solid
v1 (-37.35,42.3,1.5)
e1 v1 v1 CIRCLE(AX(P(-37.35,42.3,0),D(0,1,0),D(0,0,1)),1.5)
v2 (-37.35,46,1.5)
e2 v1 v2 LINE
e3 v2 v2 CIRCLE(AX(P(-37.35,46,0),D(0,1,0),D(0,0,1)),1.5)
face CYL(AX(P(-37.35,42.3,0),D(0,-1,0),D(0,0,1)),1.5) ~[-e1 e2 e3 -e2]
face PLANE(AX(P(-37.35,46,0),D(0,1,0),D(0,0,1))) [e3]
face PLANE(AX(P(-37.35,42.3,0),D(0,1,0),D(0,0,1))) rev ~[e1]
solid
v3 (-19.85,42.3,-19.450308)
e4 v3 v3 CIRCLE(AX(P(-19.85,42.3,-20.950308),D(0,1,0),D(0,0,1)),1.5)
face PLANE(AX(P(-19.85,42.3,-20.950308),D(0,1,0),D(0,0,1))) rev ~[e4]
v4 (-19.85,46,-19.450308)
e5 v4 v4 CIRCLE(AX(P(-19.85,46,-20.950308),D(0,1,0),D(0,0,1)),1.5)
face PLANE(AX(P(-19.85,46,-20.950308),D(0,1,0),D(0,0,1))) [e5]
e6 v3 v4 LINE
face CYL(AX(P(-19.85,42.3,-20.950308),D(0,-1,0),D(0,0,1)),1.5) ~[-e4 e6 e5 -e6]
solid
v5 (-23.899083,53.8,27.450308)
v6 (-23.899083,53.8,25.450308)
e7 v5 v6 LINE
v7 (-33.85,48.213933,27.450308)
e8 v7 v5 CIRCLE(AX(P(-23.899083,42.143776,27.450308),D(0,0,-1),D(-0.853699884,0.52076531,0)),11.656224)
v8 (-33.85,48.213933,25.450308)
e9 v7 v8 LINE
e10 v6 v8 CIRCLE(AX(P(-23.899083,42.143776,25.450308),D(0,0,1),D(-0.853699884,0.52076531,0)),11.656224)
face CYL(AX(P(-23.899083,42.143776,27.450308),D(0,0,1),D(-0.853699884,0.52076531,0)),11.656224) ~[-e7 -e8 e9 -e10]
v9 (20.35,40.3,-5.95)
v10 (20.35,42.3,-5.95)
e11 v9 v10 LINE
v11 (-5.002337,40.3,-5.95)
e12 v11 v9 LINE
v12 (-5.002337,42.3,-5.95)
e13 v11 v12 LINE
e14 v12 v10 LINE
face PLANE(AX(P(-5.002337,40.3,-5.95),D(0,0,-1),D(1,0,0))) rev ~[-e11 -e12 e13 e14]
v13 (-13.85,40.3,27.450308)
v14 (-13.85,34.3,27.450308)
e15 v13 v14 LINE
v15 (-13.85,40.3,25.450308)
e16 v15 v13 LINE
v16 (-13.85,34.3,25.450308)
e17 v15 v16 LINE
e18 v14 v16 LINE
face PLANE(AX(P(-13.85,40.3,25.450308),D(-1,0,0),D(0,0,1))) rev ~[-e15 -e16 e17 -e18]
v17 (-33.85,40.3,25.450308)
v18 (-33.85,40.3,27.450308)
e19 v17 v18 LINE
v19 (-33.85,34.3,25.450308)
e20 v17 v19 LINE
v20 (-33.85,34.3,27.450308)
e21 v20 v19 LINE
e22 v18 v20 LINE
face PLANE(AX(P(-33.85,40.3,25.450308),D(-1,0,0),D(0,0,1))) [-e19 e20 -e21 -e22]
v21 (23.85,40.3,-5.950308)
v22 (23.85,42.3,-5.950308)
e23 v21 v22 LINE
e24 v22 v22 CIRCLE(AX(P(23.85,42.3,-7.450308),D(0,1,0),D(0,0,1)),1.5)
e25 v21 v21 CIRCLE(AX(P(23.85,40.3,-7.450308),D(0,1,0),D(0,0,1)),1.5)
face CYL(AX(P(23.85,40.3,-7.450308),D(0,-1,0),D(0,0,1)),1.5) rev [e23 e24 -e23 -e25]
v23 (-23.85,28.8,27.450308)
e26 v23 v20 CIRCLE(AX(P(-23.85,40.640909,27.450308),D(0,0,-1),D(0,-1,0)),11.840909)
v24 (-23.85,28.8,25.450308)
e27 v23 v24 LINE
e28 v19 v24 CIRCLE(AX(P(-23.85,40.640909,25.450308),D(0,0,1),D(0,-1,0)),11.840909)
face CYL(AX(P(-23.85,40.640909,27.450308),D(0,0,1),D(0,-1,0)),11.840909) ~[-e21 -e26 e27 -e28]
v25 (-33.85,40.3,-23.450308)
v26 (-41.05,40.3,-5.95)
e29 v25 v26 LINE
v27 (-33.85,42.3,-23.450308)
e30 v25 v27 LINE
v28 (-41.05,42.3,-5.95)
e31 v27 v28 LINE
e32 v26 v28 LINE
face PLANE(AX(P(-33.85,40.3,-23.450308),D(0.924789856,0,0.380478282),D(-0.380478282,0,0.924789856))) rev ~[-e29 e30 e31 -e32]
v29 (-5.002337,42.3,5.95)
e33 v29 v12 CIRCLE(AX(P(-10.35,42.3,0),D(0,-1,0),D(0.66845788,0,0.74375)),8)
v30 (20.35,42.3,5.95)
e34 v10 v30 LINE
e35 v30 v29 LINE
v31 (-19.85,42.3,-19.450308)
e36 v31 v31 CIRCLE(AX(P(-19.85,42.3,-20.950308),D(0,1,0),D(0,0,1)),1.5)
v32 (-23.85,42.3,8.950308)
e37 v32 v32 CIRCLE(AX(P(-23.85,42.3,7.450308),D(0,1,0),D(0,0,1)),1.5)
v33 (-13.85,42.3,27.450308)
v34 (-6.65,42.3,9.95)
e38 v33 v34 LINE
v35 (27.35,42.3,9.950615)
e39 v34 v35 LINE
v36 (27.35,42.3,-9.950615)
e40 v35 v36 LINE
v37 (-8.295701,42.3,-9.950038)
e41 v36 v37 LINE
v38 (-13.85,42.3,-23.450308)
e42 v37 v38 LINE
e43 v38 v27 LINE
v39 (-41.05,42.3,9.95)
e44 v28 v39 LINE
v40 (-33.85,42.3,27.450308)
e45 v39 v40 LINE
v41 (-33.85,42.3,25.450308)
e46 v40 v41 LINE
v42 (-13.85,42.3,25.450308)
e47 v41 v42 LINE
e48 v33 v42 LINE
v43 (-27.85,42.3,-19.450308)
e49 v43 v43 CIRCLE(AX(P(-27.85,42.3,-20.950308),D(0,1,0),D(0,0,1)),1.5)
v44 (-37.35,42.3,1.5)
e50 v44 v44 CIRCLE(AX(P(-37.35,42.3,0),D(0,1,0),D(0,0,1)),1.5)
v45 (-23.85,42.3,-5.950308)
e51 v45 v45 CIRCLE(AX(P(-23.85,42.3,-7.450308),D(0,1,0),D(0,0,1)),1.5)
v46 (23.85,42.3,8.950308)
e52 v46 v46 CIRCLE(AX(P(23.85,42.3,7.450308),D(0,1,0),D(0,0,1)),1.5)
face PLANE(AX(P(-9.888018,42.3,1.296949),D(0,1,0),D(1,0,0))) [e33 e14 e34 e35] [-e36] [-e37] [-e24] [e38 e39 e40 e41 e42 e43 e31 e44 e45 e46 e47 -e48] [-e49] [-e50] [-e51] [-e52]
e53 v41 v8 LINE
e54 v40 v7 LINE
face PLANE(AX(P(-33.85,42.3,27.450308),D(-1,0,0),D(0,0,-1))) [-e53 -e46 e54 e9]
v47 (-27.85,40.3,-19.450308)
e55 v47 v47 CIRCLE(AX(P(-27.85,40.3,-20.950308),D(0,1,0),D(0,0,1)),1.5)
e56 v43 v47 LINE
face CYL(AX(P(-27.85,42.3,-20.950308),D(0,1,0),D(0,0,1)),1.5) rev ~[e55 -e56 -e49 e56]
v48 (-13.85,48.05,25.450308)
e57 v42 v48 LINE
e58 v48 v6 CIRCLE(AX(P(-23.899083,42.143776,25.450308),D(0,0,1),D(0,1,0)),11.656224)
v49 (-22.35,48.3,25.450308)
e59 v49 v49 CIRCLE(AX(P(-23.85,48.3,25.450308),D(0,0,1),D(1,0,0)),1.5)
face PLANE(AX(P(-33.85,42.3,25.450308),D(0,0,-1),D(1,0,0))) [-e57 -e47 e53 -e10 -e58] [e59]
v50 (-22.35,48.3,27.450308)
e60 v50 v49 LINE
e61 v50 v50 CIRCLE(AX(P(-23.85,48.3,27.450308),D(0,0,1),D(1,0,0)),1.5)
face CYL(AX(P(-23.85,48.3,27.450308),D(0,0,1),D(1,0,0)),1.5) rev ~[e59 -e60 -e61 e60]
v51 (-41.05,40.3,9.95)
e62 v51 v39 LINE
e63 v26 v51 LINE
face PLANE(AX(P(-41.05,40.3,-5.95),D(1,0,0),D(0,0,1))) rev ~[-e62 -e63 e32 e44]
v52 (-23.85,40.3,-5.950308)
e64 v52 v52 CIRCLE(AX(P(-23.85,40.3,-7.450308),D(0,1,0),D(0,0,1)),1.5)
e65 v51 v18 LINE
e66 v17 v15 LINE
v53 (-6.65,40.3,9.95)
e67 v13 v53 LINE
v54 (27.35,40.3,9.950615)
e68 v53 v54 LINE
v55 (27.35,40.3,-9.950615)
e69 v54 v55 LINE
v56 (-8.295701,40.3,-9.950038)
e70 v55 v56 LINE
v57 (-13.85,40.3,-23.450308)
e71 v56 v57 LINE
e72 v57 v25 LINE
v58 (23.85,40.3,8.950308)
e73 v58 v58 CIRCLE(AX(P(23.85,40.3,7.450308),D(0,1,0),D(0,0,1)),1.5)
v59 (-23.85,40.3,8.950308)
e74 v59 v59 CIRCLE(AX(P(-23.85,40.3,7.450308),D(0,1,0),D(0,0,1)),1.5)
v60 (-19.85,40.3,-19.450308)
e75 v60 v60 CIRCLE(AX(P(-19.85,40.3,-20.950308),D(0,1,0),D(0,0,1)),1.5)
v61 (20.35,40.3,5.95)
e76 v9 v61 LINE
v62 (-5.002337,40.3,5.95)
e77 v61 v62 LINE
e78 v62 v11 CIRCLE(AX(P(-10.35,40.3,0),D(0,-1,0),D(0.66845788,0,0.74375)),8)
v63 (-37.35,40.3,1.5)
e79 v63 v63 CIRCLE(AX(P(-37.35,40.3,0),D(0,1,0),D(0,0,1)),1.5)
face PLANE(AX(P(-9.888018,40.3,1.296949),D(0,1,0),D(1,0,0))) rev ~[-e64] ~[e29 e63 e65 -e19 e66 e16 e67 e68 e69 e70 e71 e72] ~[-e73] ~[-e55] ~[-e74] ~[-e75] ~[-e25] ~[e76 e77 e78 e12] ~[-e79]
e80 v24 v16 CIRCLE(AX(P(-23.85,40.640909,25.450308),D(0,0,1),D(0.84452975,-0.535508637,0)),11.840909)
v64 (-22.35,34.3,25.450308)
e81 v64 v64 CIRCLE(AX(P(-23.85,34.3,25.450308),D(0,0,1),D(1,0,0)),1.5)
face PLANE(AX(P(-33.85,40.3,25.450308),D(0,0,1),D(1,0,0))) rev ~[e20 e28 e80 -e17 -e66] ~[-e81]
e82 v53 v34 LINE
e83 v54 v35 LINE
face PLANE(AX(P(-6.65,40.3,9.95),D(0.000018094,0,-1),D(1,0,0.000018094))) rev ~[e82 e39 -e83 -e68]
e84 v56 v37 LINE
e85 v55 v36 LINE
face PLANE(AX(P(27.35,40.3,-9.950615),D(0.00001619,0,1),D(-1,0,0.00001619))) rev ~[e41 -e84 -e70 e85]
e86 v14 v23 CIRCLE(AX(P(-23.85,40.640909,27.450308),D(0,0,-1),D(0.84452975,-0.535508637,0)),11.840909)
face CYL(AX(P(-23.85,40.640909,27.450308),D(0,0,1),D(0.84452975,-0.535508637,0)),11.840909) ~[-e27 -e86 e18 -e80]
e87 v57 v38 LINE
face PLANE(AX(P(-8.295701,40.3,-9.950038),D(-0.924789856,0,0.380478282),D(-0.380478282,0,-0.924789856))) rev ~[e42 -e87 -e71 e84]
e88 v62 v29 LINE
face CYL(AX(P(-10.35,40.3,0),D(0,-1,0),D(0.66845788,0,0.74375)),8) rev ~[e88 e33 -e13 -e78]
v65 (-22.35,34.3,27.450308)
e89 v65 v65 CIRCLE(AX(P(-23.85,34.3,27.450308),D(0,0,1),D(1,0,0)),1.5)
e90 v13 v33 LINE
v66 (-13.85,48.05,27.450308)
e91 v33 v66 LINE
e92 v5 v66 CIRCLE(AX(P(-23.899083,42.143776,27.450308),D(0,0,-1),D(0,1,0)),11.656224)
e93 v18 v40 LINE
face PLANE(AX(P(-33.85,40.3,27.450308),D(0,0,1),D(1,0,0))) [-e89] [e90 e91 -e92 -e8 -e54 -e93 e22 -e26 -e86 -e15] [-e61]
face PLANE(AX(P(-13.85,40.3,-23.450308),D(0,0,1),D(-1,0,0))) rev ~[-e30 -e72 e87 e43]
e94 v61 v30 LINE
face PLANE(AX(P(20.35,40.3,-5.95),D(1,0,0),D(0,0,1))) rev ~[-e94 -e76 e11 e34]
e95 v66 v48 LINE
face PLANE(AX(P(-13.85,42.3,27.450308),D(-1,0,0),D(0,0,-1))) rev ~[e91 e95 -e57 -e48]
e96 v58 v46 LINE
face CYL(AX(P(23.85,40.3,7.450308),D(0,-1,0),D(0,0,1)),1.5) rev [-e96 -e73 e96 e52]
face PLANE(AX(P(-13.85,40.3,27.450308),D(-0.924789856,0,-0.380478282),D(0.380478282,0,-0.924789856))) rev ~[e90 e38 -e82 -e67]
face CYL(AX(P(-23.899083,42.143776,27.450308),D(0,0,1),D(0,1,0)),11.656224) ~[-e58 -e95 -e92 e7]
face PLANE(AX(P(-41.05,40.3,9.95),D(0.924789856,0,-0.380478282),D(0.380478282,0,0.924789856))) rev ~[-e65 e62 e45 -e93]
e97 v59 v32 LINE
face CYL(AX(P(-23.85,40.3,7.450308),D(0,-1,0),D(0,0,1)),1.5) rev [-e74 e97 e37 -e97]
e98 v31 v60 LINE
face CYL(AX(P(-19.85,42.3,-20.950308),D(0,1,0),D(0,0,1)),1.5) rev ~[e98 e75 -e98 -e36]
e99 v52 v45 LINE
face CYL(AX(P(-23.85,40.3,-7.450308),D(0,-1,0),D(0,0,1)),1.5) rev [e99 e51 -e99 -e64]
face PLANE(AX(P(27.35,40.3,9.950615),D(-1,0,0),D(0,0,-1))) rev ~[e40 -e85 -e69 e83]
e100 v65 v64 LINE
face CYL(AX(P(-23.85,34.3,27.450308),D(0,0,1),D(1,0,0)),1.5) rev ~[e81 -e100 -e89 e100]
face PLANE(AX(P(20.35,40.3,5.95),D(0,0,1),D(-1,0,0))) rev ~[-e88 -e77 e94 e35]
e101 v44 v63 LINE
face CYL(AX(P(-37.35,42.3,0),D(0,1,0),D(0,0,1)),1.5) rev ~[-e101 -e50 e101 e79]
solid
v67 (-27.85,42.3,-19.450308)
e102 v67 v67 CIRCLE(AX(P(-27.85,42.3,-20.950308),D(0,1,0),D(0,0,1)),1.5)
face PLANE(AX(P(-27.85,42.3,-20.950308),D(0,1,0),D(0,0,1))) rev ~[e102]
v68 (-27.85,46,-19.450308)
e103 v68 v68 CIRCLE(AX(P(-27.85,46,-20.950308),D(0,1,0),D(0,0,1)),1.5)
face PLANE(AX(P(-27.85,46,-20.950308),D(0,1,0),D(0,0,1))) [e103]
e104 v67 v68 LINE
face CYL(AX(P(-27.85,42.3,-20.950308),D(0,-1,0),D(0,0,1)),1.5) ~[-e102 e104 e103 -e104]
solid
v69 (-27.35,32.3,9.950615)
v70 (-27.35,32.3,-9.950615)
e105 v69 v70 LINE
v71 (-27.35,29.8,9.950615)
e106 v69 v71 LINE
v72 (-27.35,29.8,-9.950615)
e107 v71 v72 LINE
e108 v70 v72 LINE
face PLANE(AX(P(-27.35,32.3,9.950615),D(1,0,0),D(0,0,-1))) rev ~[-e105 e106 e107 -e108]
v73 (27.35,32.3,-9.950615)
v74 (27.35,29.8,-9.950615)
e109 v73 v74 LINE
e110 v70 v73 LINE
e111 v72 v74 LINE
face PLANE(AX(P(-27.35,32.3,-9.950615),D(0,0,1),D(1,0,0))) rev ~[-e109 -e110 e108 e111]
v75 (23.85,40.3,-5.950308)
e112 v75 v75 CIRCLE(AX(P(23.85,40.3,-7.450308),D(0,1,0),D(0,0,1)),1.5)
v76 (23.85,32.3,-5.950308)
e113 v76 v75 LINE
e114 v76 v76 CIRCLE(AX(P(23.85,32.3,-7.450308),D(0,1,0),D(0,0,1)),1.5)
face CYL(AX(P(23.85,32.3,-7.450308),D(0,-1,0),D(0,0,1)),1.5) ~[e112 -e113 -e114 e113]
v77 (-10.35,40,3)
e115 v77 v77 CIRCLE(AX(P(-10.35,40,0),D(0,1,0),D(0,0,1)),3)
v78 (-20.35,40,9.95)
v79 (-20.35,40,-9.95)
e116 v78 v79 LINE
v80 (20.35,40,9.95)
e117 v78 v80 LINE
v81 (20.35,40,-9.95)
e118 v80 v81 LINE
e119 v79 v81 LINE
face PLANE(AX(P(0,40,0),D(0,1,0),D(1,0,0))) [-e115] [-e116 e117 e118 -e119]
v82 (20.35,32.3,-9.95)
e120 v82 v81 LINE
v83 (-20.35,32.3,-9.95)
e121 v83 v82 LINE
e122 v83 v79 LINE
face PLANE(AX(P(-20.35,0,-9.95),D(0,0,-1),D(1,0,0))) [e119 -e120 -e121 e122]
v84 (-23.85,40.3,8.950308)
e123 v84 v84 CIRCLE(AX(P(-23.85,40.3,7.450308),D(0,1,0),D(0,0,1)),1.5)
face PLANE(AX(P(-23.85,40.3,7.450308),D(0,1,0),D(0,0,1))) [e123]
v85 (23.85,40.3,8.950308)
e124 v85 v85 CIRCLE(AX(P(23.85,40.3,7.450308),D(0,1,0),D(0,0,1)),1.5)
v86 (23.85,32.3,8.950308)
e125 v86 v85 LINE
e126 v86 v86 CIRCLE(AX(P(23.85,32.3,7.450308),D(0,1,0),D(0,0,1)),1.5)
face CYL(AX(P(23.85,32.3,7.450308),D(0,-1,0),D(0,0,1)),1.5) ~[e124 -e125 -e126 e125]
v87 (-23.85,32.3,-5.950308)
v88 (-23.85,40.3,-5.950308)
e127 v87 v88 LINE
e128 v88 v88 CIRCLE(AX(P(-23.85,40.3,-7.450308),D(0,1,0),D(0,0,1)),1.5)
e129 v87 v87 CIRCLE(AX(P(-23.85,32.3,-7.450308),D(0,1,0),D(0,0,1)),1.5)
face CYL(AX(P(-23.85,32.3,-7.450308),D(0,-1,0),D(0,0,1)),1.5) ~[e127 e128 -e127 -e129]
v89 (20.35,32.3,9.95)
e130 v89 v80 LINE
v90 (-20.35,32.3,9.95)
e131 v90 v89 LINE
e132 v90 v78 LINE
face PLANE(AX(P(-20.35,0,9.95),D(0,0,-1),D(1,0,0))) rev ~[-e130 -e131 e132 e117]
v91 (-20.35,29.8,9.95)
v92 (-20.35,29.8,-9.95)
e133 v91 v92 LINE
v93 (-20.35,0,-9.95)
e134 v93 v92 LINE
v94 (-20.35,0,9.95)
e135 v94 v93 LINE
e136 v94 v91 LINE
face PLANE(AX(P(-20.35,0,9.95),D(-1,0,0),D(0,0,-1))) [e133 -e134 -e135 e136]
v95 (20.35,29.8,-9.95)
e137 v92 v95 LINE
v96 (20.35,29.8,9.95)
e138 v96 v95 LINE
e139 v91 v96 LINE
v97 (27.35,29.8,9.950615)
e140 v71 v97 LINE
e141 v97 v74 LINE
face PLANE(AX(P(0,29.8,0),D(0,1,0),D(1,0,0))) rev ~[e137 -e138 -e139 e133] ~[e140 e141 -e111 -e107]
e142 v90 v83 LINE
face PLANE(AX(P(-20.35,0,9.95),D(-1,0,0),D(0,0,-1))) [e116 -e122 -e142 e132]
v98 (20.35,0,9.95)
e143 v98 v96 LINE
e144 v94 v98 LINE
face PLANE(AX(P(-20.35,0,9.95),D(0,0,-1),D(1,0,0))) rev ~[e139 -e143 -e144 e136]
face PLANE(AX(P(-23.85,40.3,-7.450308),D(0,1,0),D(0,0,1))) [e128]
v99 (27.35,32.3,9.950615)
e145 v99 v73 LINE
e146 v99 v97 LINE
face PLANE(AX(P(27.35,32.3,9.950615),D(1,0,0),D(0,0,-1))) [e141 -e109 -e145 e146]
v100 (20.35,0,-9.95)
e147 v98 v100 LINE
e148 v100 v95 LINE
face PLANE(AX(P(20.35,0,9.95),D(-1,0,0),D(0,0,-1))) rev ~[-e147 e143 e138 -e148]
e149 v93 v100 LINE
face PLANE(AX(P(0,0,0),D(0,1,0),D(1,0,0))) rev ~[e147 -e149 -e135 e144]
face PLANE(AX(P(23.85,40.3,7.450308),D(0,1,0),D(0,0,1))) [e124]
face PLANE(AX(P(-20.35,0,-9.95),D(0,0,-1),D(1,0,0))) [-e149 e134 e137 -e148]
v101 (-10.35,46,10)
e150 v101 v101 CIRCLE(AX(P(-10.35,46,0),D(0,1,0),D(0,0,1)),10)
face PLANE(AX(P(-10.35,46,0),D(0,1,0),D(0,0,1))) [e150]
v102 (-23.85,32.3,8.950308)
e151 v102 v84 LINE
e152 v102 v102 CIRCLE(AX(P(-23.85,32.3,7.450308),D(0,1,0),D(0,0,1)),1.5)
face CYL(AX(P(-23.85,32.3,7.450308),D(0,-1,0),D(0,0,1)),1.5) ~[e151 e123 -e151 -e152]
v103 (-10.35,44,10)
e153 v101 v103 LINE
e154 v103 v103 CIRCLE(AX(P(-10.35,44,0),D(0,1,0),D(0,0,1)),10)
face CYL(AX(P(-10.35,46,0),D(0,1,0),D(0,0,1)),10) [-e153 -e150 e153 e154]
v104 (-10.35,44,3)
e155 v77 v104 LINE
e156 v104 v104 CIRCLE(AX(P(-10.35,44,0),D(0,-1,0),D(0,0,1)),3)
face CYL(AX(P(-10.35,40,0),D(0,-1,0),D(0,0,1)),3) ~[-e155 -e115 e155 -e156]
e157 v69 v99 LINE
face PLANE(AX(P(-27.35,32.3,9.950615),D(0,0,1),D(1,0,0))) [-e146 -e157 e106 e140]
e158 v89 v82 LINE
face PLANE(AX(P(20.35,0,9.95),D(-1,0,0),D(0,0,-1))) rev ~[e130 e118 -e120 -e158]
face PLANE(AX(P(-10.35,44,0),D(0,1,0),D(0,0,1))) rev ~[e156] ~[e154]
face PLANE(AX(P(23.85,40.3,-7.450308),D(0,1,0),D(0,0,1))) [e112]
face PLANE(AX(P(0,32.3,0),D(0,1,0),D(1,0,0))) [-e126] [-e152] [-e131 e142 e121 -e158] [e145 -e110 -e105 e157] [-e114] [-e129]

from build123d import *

# Parameters (mm, degrees)
SKETCH_1_W          = 40.7
SKETCH_1_H          = 19.9
EXTRUDE_1_DEPTH     = 40
SKETCH_2_R          = 3
EXTRUDE_2_DEPTH     = 6
EXTRUDE_START       = -7.7
SKETCH_3_W          = 54.7
SKETCH_3_H          = 19.901230414
EXTRUDE_3_DEPTH     = 2.5
SKETCH_4_R          = 10
EXTRUDE_4_DEPTH     = 2
SKETCH_5_R          = 1.5
EXTRUDE_5_DEPTH     = 8
SKETCH_7_R          = 1.5
EXTRUDE_6_DEPTH     = 2
SKETCH_8_W          = 20
SKETCH_8_H          = 2
EXTRUDE_7_DEPTH     = 11.5
SKETCH_9_W          = 20
SKETCH_9_H          = 2
EXTRUDE_8_DEPTH     = 11.5
SKETCH_10_R         = 1.5
CUT_EXTRUDE_1_DEPTH = 6.5
SKETCH_11_R         = 1.5
CUT_EXTRUDE_2_DEPTH = 6.5
CUT_EXTRUDE_3_DEPTH = 6.5
SKETCH_15_R         = 1.5
EXTRUDE_9_DEPTH     = 3.7
EXTRUDE_9_2_DEPTH   = 3.7
EXTRUDE_9_3_DEPTH   = 3.7


with BuildPart() as part:
    # 스케치1 → 보스-돌출1 (new body)
    with BuildSketch(Plane(origin=(0, 0, 0), x_dir=(1, 0, 0), z_dir=(0, 1, 0))):
        Rectangle(SKETCH_1_W, SKETCH_1_H)
    extrude(amount=EXTRUDE_1_DEPTH)

    # 스케치2 → 보스-돌출2 (add)
    with BuildSketch(Plane(origin=(0, 40, 0), x_dir=(1, 0, 0), z_dir=(0, 1, 0))):
        with Locations(Location((-10.35, 0, 0), (0, 0, 270))):
            Circle(SKETCH_2_R)
    extrude(amount=EXTRUDE_2_DEPTH)

    # 스케치3 → 보스-돌출3 (add)
    with BuildSketch(Plane(origin=(0, 40, 0), x_dir=(1, 0, 0), z_dir=(0, 1, 0)).offset(EXTRUDE_START)):
        Rectangle(SKETCH_3_W, SKETCH_3_H)
    extrude(amount=-EXTRUDE_3_DEPTH)

    # 스케치4 → 보스-돌출4 (add)
    with BuildSketch(Plane(origin=(0, 46, 0), x_dir=(1, 0, 0), z_dir=(0, 1, 0))):
        with Locations(Location((-10.35, 0, 0), (0, 0, 270))):
            Circle(SKETCH_4_R)
    extrude(amount=-EXTRUDE_4_DEPTH)

    # 스케치5 → 보스-돌출5 (add)
    with BuildSketch(Plane(origin=(0, 32.3, 0), x_dir=(1, 0, 0), z_dir=(0, 1, 0))):
        with Locations(Location((23.85, -7.450307604, 0), (0, 0, 270))):
            Circle(SKETCH_5_R)
        with Locations(Location((23.85, 7.450307604, 0), (0, 0, 270))):
            Circle(SKETCH_5_R)
        with Locations(Location((-23.85, -7.450307604, 0), (0, 0, 270))):
            Circle(SKETCH_5_R)
        with Locations(Location((-23.85, 7.450307604, 0), (0, 0, 270))):
            Circle(SKETCH_5_R)
    extrude(amount=EXTRUDE_5_DEPTH)


with BuildPart() as body_2:
    # 스케치7 → 보스-돌출6 (new body)
    with BuildSketch(Plane(origin=(0, 40.3, 0), x_dir=(1, 0, 0), z_dir=(0, 1, 0))):
        Polygon((27.35, -9.950615207), (27.35, 9.950615207), (-8.295701036, 9.950038115), (-13.85, 23.450307604), (-33.85, 23.450307604), (-41.050000006, 5.95), (-41.050000006, -9.95), (-33.85, -27.450307604), (-13.85, -27.450307604), (-6.649999994, -9.95), align=None)
        with Locations(Location((-23.85, -7.450307604, 0), (0, 0, 270))):
            Circle(SKETCH_7_R, mode=Mode.SUBTRACT)
        with Locations(Location((-23.85, 7.450307604, 0), (0, 0, 270))):
            Circle(SKETCH_7_R, mode=Mode.SUBTRACT)
        with Locations(Location((23.85, 7.450307604, 0), (0, 0, 270))):
            Circle(SKETCH_7_R, mode=Mode.SUBTRACT)
        with Locations(Location((23.85, -7.450307604, 0), (0, 0, 270))):
            Circle(SKETCH_7_R, mode=Mode.SUBTRACT)
        with BuildLine():
            Line((20.35, -5.95), (-5.002336959, -5.95))
            ThreePointArc((-5.002336959, -5.95), (-18.35, 0), (-5.002336959, 5.95))
            Line((-5.002336959, 5.95), (20.35, 5.95))
            Line((20.35, 5.95), (20.35, -5.95))
        make_face(mode=Mode.SUBTRACT)
    extrude(amount=EXTRUDE_6_DEPTH)

    # 스케치8 → 보스-돌출7 (add)
    with BuildSketch(Plane(origin=(0, 42.3, 0), x_dir=(1, 0, 0), z_dir=(0, 1, 0))):
        with Locations((-23.85, -26.450307604)):
            Rectangle(SKETCH_8_W, SKETCH_8_H)
    extrude(amount=EXTRUDE_7_DEPTH)

    # 스케치9 → 보스-돌출8 (add)
    with BuildSketch(Plane.XZ.offset(-40.3)):
        with Locations((-23.85, 26.450307604)):
            Rectangle(SKETCH_9_W, SKETCH_9_H)
    extrude(amount=EXTRUDE_8_DEPTH)

    # 스케치10 → 컷-돌출1 (cut)
    with BuildSketch(Plane.XY.offset(27.450307604)):
        with Locations((-23.85, 48.3)):
            Circle(SKETCH_10_R)
        with Locations((-23.85, 34.3)):
            Circle(SKETCH_10_R)
    extrude(amount=-CUT_EXTRUDE_1_DEPTH, mode=Mode.SUBTRACT)

    # 스케치11 → 컷-돌출2 (cut)
    with BuildSketch(Plane(origin=(0, 42.3, 0), x_dir=(1, 0, 0), z_dir=(0, 1, 0))):
        with Locations(Location((-37.35, 0, 0), (0, 0, 270))):
            Circle(SKETCH_11_R)
        with Locations(Location((-27.85, 20.950307604, 0), (0, 0, 270))):
            Circle(SKETCH_11_R)
        with Locations(Location((-19.85, 20.950307604, 0), (0, 0, 270))):
            Circle(SKETCH_11_R)
    extrude(amount=-CUT_EXTRUDE_2_DEPTH, mode=Mode.SUBTRACT)

    # 스케치12 → 컷-돌출3 (cut)
    with BuildSketch(Plane.XY.offset(27.450307604)):
        with BuildLine():
            ThreePointArc((-23.85, 28.8), (-29.556356105, 30.265716172), (-33.85, 34.3))
            Line((-33.85, 34.3), (-33.85, 28.8))
            Line((-33.85, 28.8), (-23.85, 28.8))
        make_face()
        with BuildLine():
            ThreePointArc((-13.85, 34.3), (-18.143643895, 30.265716172), (-23.85, 28.8))
            Line((-23.85, 28.8), (-13.85, 28.8))
            Line((-13.85, 28.8), (-13.85, 34.3))
        make_face()
        with BuildLine():
            Line((-33.85, 53.8), (-33.85, 48.213933245))
            ThreePointArc((-33.85, 48.213933245), (-29.604889153, 52.307994376), (-23.899083174, 53.8))
            Line((-23.899083174, 53.8), (-33.85, 53.8))
        make_face()
        with BuildLine():
            Line((-13.85, 53.8), (-23.899083174, 53.8))
            ThreePointArc((-23.899083174, 53.8), (-18.110158994, 52.260885957), (-13.85, 48.05))
            Line((-13.85, 48.05), (-13.85, 53.8))
        make_face()
    extrude(amount=-CUT_EXTRUDE_3_DEPTH, mode=Mode.SUBTRACT)


with BuildPart() as body_3:
    # 스케치15 → 보스-돌출9 (new body)
    with BuildSketch(Plane(origin=(0, 42.3, 0), x_dir=(1, 0, 0), z_dir=(0, 1, 0))):
        with Locations(Location((-27.85, 20.950307604, 0), (0, 0, 270))):
            Circle(SKETCH_15_R)
    extrude(amount=EXTRUDE_9_DEPTH)


with BuildPart() as body_4:
    # 스케치15 → Extrude 9 2 (new body)
    with BuildSketch(Plane(origin=(0, 42.3, 0), x_dir=(1, 0, 0), z_dir=(0, 1, 0))):
        with Locations(Location((-19.85, 20.950307604, 0), (0, 0, 270))):
            Circle(SKETCH_15_R)
    extrude(amount=EXTRUDE_9_2_DEPTH)


with BuildPart() as body_5:
    # 스케치15 → Extrude 9 3 (new body)
    with BuildSketch(Plane(origin=(0, 42.3, 0), x_dir=(1, 0, 0), z_dir=(0, 1, 0))):
        with Locations(Location((-37.35, 0, 0), (0, 0, 270))):
            Circle(SKETCH_15_R)
    extrude(amount=EXTRUDE_9_3_DEPTH)


solid = Compound([part.part, body_2.part, body_3.part, body_4.part, body_5.part])
